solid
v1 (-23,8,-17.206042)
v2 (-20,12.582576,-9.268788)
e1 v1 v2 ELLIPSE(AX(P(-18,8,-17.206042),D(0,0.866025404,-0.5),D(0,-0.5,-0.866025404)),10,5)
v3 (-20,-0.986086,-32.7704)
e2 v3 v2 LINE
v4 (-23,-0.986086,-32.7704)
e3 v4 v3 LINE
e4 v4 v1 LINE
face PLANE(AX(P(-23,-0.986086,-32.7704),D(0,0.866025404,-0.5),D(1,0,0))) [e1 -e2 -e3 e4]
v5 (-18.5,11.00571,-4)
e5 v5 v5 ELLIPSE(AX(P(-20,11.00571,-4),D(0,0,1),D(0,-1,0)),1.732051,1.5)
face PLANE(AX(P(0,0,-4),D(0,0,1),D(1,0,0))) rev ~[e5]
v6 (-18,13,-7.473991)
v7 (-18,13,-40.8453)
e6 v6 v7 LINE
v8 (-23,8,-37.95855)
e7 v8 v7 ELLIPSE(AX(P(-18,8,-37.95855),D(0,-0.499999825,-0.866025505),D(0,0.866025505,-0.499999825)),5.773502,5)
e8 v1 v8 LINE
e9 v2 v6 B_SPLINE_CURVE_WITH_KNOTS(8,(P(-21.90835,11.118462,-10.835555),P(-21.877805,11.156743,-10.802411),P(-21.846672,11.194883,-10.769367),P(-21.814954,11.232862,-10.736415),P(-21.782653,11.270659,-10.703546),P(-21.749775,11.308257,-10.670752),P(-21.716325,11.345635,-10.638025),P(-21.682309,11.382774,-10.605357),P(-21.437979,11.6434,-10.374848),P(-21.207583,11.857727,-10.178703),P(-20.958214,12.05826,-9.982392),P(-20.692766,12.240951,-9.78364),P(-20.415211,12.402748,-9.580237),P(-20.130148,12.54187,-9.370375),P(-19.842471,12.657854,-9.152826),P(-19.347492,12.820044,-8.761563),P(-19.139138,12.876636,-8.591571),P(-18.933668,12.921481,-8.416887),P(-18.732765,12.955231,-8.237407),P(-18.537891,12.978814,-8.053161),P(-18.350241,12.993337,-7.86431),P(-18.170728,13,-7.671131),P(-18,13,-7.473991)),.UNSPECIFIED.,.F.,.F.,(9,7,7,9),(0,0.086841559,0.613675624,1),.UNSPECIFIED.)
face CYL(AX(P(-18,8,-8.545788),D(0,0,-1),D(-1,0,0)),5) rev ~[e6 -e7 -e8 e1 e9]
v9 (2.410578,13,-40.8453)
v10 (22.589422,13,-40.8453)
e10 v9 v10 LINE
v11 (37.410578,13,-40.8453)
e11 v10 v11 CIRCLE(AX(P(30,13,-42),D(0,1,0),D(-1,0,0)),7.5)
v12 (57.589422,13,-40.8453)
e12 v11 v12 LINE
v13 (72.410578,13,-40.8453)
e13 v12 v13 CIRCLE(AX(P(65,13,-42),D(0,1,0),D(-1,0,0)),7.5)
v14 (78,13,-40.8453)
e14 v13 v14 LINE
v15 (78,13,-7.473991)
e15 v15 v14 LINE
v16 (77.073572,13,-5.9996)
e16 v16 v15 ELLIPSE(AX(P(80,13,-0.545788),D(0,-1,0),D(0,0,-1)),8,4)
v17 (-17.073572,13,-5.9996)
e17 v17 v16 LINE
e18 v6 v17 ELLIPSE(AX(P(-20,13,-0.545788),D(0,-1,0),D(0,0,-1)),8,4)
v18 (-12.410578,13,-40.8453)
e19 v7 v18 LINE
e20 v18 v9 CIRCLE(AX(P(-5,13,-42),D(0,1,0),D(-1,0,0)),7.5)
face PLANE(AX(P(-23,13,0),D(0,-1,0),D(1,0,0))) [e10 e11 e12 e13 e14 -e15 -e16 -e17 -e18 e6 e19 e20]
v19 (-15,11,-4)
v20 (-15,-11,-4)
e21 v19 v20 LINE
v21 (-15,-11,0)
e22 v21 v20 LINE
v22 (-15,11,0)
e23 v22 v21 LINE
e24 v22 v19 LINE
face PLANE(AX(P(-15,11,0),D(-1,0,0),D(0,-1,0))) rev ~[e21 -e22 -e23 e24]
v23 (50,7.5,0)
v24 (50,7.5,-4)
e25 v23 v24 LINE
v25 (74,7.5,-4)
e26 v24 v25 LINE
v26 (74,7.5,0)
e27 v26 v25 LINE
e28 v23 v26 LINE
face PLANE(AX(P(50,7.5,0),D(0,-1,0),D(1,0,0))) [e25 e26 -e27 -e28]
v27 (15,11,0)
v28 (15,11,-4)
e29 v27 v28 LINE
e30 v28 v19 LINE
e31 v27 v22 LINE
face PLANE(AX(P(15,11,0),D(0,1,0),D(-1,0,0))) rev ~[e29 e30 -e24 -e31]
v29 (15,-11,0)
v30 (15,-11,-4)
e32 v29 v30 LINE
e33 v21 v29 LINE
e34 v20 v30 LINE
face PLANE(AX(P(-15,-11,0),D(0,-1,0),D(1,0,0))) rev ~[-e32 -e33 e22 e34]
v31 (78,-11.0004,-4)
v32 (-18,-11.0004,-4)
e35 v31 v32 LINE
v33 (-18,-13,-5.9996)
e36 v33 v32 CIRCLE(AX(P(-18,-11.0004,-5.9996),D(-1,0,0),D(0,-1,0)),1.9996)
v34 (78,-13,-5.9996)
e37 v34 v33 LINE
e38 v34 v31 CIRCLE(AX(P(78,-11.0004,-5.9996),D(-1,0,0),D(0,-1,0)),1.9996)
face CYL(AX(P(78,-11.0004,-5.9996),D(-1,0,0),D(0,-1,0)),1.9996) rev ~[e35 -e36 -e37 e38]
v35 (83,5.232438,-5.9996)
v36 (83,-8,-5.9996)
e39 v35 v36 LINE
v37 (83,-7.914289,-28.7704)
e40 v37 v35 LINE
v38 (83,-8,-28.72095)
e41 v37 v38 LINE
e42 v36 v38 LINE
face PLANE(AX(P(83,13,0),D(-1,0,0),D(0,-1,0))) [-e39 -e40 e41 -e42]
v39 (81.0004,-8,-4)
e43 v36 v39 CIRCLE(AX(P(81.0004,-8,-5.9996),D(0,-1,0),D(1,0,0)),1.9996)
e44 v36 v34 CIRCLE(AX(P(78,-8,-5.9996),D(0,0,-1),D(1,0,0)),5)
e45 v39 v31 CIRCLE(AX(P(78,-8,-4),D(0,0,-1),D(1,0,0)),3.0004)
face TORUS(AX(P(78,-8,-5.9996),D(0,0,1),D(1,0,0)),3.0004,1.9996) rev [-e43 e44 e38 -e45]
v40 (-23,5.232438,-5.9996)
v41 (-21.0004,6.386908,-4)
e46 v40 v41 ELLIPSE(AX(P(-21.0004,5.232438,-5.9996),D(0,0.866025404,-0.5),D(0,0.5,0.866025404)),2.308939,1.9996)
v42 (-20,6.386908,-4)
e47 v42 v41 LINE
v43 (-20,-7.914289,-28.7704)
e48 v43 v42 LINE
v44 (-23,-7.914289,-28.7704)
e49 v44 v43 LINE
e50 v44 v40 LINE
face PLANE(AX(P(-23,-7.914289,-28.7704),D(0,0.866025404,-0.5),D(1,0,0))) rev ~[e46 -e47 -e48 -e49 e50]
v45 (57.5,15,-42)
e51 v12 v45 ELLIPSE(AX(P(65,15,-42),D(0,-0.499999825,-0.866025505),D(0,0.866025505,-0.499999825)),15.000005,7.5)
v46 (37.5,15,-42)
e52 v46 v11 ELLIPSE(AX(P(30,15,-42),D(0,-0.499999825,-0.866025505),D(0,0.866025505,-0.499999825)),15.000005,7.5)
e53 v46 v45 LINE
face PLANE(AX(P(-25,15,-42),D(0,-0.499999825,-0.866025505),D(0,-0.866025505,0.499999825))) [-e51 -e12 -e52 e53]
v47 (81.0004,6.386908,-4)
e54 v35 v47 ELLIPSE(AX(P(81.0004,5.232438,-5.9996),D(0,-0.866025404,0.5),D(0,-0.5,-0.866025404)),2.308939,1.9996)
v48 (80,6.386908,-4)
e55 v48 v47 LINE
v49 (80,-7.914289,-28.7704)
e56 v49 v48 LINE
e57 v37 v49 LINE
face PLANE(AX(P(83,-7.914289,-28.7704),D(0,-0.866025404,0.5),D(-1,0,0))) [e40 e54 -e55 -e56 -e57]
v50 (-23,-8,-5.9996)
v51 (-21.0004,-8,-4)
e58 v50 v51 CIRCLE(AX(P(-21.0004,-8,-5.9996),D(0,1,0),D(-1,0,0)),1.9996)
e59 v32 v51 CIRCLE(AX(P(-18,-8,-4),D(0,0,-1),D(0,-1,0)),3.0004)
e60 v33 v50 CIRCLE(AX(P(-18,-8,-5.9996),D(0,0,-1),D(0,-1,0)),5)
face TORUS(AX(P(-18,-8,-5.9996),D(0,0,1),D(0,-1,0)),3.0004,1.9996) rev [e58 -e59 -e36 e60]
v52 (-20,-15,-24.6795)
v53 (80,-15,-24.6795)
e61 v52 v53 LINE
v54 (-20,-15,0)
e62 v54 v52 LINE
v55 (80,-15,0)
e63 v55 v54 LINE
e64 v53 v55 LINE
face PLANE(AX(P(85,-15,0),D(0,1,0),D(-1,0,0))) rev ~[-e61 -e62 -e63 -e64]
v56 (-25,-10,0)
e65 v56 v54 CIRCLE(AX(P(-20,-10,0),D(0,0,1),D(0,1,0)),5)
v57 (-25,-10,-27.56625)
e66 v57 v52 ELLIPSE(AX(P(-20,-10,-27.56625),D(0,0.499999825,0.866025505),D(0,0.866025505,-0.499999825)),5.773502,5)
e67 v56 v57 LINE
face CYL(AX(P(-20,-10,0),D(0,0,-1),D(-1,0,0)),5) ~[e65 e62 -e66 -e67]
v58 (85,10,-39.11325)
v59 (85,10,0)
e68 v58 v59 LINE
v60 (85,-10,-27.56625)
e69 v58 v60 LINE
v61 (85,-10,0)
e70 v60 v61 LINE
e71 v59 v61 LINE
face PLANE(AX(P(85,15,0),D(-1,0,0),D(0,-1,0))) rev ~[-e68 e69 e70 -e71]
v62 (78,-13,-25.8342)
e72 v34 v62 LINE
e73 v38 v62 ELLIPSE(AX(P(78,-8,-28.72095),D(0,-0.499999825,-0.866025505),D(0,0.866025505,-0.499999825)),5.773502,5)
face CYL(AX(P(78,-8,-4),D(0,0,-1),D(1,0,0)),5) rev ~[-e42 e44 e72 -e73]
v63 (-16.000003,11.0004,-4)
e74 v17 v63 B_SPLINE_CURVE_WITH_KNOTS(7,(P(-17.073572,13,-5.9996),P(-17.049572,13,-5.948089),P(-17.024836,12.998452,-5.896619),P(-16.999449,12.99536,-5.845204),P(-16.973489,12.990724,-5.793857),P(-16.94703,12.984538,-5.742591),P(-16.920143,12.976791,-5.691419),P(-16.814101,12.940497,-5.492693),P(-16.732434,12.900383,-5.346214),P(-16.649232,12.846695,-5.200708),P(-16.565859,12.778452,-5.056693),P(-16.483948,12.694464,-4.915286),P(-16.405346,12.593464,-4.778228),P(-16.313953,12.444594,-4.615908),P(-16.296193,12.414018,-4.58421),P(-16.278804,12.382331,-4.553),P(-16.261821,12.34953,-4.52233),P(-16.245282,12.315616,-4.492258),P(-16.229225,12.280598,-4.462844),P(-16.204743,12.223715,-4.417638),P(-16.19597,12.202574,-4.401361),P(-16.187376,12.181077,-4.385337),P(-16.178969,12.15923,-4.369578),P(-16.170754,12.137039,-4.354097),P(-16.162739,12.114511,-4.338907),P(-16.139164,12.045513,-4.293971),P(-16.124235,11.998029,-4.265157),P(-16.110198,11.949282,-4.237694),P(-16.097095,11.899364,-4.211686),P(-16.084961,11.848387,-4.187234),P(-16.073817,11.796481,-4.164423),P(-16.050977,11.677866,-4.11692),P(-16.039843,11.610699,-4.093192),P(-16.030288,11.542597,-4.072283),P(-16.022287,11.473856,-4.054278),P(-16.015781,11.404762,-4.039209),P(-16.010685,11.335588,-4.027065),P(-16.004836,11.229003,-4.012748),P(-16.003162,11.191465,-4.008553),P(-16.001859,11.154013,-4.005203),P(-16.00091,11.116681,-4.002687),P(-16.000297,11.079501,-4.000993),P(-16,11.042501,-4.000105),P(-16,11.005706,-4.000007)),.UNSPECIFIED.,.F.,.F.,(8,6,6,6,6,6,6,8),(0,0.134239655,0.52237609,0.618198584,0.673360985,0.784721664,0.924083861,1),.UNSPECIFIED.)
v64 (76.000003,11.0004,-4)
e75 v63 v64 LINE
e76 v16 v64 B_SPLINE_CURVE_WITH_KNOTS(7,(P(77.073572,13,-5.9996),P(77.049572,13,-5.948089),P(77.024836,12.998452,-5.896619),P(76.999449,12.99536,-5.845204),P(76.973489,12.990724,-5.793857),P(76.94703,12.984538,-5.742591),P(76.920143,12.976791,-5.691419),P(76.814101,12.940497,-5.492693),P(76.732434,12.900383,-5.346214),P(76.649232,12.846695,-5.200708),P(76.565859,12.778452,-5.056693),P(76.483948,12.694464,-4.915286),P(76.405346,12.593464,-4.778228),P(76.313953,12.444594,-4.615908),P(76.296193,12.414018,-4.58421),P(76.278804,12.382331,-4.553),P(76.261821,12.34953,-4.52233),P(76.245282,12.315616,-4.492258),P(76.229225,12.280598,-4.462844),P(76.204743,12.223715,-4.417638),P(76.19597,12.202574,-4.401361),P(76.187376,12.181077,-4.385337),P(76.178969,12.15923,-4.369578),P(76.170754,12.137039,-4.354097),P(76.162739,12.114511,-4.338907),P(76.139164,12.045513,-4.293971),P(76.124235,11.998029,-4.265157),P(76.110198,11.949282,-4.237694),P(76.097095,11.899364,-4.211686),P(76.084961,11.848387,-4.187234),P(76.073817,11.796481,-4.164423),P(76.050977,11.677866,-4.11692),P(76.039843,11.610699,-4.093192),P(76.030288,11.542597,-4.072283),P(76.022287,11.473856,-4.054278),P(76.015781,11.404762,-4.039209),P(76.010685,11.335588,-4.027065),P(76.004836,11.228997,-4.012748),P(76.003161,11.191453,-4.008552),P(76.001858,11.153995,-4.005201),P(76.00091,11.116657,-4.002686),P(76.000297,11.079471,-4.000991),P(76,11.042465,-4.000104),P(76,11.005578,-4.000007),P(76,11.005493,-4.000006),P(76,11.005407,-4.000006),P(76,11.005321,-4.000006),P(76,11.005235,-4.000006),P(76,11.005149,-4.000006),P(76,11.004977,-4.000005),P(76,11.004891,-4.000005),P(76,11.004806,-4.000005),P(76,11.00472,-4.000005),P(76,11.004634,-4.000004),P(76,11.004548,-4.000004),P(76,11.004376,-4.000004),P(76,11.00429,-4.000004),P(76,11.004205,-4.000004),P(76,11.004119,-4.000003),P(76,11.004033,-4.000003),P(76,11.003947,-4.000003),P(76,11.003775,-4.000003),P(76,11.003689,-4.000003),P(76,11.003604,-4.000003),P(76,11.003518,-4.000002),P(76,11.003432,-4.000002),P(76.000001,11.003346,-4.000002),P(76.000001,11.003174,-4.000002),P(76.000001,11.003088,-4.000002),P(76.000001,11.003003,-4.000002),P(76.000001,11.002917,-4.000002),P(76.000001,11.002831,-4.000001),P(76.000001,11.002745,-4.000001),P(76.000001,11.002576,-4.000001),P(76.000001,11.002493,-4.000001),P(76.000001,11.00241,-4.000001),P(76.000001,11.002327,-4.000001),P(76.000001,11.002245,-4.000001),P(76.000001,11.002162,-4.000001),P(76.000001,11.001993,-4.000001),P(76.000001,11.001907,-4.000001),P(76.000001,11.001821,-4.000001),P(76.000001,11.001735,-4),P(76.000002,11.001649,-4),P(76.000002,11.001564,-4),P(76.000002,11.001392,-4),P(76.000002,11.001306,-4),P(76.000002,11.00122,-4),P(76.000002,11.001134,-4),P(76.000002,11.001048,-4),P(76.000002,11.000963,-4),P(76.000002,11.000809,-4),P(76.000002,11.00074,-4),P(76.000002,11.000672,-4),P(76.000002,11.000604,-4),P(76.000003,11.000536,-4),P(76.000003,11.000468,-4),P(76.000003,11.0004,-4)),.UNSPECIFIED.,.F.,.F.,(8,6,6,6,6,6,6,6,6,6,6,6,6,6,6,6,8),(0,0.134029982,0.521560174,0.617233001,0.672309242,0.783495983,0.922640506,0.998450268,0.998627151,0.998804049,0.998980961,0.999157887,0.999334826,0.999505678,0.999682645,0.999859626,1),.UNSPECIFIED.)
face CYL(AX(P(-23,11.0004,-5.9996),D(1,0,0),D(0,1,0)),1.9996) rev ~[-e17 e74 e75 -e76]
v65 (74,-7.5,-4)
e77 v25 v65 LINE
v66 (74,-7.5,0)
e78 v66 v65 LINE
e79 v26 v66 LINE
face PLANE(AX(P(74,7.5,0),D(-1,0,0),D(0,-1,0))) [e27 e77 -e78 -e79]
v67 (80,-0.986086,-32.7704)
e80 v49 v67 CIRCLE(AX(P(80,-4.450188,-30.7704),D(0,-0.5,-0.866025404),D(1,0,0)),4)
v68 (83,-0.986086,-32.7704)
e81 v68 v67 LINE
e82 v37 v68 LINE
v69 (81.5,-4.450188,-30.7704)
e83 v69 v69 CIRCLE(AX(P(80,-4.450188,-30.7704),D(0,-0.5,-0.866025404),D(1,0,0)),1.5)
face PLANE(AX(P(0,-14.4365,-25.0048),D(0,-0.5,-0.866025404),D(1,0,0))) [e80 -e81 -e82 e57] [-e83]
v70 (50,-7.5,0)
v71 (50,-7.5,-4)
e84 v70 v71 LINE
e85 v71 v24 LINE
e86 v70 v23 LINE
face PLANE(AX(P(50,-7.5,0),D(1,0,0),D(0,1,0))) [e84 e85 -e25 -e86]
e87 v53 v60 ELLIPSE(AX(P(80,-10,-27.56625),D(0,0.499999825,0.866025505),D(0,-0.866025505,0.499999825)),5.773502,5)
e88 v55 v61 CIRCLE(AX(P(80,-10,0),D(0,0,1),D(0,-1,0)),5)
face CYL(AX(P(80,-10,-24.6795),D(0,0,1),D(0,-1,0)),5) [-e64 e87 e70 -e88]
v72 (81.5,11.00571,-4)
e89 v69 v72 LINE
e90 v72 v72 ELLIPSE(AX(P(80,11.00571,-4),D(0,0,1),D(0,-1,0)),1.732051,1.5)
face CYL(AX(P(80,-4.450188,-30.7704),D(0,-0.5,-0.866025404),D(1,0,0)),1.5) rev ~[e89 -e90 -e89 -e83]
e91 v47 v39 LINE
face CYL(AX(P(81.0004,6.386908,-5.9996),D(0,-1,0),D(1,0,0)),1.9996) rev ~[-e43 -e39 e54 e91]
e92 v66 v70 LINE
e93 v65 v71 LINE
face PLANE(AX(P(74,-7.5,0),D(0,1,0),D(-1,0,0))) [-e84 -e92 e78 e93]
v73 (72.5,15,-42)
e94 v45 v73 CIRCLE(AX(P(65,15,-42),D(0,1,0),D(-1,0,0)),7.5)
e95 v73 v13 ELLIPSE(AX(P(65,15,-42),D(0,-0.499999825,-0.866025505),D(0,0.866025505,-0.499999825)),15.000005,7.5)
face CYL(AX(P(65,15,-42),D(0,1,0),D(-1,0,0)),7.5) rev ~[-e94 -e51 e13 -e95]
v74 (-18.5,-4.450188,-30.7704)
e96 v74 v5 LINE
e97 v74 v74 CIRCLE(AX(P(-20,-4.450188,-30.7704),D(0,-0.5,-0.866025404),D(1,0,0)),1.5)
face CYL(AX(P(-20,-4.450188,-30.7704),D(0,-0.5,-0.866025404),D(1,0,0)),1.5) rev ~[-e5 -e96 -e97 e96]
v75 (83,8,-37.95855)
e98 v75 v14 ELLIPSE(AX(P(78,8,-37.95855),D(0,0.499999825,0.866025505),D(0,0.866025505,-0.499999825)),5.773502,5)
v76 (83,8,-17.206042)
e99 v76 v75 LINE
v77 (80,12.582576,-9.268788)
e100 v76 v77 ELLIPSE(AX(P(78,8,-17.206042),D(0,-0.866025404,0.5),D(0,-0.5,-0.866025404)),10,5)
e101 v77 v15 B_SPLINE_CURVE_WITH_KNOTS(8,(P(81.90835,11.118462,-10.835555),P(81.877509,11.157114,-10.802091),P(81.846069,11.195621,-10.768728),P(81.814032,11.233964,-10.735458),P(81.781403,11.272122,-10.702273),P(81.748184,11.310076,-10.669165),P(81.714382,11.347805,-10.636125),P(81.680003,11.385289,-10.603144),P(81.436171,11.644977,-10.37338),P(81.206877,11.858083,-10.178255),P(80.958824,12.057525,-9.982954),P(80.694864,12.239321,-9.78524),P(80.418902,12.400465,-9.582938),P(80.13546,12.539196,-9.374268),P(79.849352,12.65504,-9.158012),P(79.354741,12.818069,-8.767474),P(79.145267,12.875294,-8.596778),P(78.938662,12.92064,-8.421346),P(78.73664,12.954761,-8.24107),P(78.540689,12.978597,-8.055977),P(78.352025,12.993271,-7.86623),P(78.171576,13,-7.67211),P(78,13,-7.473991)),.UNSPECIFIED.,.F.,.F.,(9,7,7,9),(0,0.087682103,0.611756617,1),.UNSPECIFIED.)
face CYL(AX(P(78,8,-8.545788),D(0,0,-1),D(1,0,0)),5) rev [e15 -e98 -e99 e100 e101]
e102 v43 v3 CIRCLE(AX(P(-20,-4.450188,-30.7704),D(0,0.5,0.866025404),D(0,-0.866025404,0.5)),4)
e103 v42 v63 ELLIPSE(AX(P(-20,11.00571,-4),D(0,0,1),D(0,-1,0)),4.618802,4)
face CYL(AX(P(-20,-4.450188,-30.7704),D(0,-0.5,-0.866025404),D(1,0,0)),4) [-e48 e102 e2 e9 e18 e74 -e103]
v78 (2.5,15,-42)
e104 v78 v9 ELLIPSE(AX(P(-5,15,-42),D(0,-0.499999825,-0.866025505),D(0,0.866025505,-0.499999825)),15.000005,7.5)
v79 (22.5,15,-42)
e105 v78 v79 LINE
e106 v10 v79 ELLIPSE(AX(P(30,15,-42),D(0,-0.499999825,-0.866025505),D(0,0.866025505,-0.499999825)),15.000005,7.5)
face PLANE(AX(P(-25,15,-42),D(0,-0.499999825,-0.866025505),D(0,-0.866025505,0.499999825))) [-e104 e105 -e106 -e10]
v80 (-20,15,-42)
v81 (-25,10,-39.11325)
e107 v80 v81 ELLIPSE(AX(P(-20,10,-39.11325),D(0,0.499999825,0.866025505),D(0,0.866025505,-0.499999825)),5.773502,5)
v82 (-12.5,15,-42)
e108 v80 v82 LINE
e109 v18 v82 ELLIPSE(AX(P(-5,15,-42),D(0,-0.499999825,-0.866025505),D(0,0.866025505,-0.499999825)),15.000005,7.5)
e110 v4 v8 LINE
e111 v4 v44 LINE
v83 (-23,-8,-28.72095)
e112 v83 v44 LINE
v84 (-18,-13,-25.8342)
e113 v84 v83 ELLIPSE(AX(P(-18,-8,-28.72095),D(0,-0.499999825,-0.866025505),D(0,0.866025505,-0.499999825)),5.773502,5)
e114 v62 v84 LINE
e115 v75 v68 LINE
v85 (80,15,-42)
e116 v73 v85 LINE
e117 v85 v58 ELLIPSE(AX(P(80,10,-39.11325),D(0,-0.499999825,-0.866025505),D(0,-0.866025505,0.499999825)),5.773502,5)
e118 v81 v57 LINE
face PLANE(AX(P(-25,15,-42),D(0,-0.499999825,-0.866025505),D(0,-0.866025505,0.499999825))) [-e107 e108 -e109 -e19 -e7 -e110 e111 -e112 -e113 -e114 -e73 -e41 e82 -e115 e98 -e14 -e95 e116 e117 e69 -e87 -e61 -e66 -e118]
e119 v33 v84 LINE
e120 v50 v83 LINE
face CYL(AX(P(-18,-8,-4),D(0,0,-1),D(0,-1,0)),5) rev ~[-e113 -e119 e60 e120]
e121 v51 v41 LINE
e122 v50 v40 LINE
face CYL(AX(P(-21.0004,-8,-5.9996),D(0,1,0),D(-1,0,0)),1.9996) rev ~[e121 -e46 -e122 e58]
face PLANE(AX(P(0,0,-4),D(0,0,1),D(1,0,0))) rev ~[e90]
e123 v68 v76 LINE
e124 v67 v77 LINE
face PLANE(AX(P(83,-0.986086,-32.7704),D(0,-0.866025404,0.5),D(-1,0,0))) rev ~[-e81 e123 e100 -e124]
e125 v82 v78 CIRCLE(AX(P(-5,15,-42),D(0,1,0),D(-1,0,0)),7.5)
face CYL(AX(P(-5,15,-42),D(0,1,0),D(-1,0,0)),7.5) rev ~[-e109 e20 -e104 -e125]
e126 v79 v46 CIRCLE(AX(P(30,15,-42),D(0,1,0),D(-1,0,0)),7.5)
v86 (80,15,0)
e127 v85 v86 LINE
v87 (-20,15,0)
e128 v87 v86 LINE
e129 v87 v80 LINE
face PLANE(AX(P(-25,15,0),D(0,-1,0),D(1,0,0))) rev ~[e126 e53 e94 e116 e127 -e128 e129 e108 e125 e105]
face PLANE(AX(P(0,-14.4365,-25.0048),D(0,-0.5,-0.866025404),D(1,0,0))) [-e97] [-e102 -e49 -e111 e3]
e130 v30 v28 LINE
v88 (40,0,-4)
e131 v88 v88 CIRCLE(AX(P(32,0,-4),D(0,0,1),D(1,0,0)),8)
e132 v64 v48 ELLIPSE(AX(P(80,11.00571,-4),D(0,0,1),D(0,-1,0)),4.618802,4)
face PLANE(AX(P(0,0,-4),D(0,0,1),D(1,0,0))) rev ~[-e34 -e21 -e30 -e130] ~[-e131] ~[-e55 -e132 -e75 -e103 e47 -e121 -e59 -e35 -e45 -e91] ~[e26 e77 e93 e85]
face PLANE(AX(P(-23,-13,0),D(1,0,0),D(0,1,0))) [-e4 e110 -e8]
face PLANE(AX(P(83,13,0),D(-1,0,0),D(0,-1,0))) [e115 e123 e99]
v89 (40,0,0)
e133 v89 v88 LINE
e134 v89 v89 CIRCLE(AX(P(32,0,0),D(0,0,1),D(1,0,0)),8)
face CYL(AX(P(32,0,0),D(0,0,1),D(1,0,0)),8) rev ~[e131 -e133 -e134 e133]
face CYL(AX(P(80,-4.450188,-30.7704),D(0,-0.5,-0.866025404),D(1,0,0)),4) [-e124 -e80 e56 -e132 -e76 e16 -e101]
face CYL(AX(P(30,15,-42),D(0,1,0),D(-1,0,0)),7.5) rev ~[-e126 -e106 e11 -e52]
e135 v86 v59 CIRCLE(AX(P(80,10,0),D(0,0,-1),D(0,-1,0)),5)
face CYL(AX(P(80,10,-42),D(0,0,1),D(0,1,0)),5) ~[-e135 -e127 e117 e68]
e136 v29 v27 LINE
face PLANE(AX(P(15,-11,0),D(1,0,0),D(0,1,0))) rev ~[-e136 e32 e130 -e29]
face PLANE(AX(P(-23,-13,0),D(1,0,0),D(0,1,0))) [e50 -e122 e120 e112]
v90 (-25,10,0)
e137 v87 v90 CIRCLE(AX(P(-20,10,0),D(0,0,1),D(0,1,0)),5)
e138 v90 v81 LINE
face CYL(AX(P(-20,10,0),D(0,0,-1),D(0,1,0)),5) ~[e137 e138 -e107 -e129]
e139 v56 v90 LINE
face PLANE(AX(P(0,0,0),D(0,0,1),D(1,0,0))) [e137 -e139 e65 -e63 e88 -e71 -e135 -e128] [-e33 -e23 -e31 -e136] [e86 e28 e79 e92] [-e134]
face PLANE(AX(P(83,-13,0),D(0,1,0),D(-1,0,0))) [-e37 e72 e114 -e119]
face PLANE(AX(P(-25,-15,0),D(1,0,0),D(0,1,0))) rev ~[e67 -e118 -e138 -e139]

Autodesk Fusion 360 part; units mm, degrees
sketch "Sketch1" plane through (0, 0, 0) normal (0, 0, 1) x (1, 0, 0)
  line L0 (-15, -11) -> (15, -11)
  line L1 (15, -11) -> (15, 11)
  line L2 (15, 11) -> (-15, 11)
  line L3 (-15, 11) -> (-15, -11)
  line L4 (-15, -11) -> (15, 11) construction
  line L5 (15, -11) -> (-15, 11) construction
  circle A0 centre (32, 0) radius 8
  line L6 (0, 0) -> (32, 0) construction
  line L7 (85, -15) -> (-25, -15)
  line L8 (-25, -15) -> (-25, 15)
  line L9 (-25, 15) -> (85, 15)
  line L10 (85, 15) -> (85, -15)
  line L11 (85, -15) -> (-25, 15) construction
  line L12 (-25, -15) -> (85, 15) construction
  line L13 (83, -13) -> (-23, -13)
  line L14 (-23, -13) -> (-23, 13)
  line L15 (-23, 13) -> (83, 13)
  line L16 (83, 13) -> (83, -13)
  line L17 (74, -7.5) -> (50, -7.5)
  line L18 (50, -7.5) -> (50, 7.5)
  line L19 (50, 7.5) -> (74, 7.5)
  line L20 (74, 7.5) -> (74, -7.5)
  line L21 (74, -7.5) -> (50, 7.5) construction
  line L22 (50, -7.5) -> (74, 7.5) construction
  line L23 (24, 13) -> (24, -13) construction
  line L24 (40, 13) -> (40, -13) construction
  line L25 (32, 0) -> (62, 0) construction
  point P0 (30, 0)
  point P1 (62, 0)
  dimension "d1" = 30
  dimension "d2" = 22
  dimension "d3" = 16
  dimension "d5" = 30
  dimension "d6" = 10
  dimension "d7" = 2
  dimension "d12" = 24
  dimension "d13" = 15
  dimension "d14" = 9
  dimension "d15" = 10
  dimension "d16" = 9
  dimension "d30" = 110
extrude "Extrude2" add sketch "Sketch1" against normal blind 4 contours L7 L8 L9 L10 | L13 L14 L15 L16 makes body 1
extrude "Extrude3" add sketch "Sketch1" against normal blind 42 contours L7 L8 L9 L10 bodies 1
extrude "Extrude4" add sketch "Sketch1" against normal blind 26.4 separate body contours L0 L1 L2 L3 makes body 2
sketch "Sketch4" plane through (-25, 0, 0) normal (-1, 0, 0) x (0, -1, 0)
  line L0 (15, 0) -> (-15, 0)
  line L1 (-15, 0) -> (-15, -42)
  line L2 (-15, -42) -> (15, -42)
  line L3 (15, -42) -> (15, 0)
  line L4 (-15, -42) -> (15, -24.6795)
  dimension "d24" = 60
extrude "Extrude5" cut sketch "Sketch4" against normal through all contours L2 L3 L4 bodies 1 2
sketch "Sketch5" plane through (0, -14.4365, -25.0048) normal (0, -0.5, -0.866) x (1, 0, 0)
  line L0 (-23, -1.6588) -> (83, -1.6588)
  line L1 (83, -1.6588) -> (83, -31.681)
  line L2 (83, -31.681) -> (-23, -31.681)
  line L3 (-23, -31.681) -> (-23, -1.6588)
  line L4 (85, -33.9904) -> (85, 0.6506)
  line L5 (85, 0.6506) -> (-25, 0.6506)
  line L6 (-25, 0.6506) -> (-25, -33.9904)
  line L7 (-25, -33.9904) -> (85, -33.9904)
  line L8 (-25, -11.5312) -> (85, -11.5312) construction
  circle A0 centre (-20, -11.5312) radius 1.5
  circle A1 centre (80, -11.5312) radius 1.5
  circle A2 centre (-20, -11.5312) radius 4
  circle A3 centre (80, -11.5312) radius 4
  line L9 (-25, -7.5312) -> (-20, -7.5312)
  line L10 (-25, -15.5312) -> (-20, -15.5312)
  line L11 (85, -7.5312) -> (80, -7.5312)
  line L12 (85, -15.5312) -> (80, -15.5312)
  dimension "d26" = 3
  dimension "d27" = 3
  dimension "d28" = 100
  dimension "d29" = 5
  dimension "d31" = 5
  dimension "d32" = 8
  dimension "d33" = 8
extrude "Extrude6" add sketch "Sketch5" against normal blind 31.9 contours L3 A2 L9 | L1 A3 L11 | L3 A2 | L1 A3 | L3 A2 L10 | L1 A3 L12 picked at (-22.5, -11.5312) picked at (82.5, -11.5312) bodies 1
fillet "Fillet3" radius 5 4 edges at (83, 13, -24.6955) (83, -13, -14.9171) (-23, 13, -24.6955) (-23, -13, -14.9171) on bodies 1
fillet "Fillet1" radius 2 2 edges at (30, -13, -4) (30, 13, -4) on bodies 1
sketch "Sketch6" plane through (0, 15, 0) normal (0, 1, 0) x (-1, 0, 0)
  line L0 (25, 0) -> (-85, 0)
  line L1 (-85, 0) -> (-85, -42)
  line L2 (-85, -42) -> (25, -42)
  line L3 (25, -42) -> (25, 0)
  circle A0 centre (-65, -42) radius 7.5
  circle A1 centre (-30, -42) radius 7.5
  circle A2 centre (5, -42) radius 7.5
  dimension "d39" = 15
  dimension "d40" = 15
  dimension "d41" = 15
  dimension "d42" = 20
  dimension "d43" = 20
extrude "Extrude8" cut sketch "Sketch6" against normal blind 5 contours L2 A2 | L2 A0 | L2 A1 picked at (5.1868, -39.507) picked at (-65.5284, -39.1901) picked at (-29.8132, -39.507) bodies 1
fillet "Fillet2" radius 5 4 edges at (-25, -15, -12.3397) (-25, 15, -21) (85, -15, -12.3397) (85, 15, -21) on bodies 1
hidden bodies 2
